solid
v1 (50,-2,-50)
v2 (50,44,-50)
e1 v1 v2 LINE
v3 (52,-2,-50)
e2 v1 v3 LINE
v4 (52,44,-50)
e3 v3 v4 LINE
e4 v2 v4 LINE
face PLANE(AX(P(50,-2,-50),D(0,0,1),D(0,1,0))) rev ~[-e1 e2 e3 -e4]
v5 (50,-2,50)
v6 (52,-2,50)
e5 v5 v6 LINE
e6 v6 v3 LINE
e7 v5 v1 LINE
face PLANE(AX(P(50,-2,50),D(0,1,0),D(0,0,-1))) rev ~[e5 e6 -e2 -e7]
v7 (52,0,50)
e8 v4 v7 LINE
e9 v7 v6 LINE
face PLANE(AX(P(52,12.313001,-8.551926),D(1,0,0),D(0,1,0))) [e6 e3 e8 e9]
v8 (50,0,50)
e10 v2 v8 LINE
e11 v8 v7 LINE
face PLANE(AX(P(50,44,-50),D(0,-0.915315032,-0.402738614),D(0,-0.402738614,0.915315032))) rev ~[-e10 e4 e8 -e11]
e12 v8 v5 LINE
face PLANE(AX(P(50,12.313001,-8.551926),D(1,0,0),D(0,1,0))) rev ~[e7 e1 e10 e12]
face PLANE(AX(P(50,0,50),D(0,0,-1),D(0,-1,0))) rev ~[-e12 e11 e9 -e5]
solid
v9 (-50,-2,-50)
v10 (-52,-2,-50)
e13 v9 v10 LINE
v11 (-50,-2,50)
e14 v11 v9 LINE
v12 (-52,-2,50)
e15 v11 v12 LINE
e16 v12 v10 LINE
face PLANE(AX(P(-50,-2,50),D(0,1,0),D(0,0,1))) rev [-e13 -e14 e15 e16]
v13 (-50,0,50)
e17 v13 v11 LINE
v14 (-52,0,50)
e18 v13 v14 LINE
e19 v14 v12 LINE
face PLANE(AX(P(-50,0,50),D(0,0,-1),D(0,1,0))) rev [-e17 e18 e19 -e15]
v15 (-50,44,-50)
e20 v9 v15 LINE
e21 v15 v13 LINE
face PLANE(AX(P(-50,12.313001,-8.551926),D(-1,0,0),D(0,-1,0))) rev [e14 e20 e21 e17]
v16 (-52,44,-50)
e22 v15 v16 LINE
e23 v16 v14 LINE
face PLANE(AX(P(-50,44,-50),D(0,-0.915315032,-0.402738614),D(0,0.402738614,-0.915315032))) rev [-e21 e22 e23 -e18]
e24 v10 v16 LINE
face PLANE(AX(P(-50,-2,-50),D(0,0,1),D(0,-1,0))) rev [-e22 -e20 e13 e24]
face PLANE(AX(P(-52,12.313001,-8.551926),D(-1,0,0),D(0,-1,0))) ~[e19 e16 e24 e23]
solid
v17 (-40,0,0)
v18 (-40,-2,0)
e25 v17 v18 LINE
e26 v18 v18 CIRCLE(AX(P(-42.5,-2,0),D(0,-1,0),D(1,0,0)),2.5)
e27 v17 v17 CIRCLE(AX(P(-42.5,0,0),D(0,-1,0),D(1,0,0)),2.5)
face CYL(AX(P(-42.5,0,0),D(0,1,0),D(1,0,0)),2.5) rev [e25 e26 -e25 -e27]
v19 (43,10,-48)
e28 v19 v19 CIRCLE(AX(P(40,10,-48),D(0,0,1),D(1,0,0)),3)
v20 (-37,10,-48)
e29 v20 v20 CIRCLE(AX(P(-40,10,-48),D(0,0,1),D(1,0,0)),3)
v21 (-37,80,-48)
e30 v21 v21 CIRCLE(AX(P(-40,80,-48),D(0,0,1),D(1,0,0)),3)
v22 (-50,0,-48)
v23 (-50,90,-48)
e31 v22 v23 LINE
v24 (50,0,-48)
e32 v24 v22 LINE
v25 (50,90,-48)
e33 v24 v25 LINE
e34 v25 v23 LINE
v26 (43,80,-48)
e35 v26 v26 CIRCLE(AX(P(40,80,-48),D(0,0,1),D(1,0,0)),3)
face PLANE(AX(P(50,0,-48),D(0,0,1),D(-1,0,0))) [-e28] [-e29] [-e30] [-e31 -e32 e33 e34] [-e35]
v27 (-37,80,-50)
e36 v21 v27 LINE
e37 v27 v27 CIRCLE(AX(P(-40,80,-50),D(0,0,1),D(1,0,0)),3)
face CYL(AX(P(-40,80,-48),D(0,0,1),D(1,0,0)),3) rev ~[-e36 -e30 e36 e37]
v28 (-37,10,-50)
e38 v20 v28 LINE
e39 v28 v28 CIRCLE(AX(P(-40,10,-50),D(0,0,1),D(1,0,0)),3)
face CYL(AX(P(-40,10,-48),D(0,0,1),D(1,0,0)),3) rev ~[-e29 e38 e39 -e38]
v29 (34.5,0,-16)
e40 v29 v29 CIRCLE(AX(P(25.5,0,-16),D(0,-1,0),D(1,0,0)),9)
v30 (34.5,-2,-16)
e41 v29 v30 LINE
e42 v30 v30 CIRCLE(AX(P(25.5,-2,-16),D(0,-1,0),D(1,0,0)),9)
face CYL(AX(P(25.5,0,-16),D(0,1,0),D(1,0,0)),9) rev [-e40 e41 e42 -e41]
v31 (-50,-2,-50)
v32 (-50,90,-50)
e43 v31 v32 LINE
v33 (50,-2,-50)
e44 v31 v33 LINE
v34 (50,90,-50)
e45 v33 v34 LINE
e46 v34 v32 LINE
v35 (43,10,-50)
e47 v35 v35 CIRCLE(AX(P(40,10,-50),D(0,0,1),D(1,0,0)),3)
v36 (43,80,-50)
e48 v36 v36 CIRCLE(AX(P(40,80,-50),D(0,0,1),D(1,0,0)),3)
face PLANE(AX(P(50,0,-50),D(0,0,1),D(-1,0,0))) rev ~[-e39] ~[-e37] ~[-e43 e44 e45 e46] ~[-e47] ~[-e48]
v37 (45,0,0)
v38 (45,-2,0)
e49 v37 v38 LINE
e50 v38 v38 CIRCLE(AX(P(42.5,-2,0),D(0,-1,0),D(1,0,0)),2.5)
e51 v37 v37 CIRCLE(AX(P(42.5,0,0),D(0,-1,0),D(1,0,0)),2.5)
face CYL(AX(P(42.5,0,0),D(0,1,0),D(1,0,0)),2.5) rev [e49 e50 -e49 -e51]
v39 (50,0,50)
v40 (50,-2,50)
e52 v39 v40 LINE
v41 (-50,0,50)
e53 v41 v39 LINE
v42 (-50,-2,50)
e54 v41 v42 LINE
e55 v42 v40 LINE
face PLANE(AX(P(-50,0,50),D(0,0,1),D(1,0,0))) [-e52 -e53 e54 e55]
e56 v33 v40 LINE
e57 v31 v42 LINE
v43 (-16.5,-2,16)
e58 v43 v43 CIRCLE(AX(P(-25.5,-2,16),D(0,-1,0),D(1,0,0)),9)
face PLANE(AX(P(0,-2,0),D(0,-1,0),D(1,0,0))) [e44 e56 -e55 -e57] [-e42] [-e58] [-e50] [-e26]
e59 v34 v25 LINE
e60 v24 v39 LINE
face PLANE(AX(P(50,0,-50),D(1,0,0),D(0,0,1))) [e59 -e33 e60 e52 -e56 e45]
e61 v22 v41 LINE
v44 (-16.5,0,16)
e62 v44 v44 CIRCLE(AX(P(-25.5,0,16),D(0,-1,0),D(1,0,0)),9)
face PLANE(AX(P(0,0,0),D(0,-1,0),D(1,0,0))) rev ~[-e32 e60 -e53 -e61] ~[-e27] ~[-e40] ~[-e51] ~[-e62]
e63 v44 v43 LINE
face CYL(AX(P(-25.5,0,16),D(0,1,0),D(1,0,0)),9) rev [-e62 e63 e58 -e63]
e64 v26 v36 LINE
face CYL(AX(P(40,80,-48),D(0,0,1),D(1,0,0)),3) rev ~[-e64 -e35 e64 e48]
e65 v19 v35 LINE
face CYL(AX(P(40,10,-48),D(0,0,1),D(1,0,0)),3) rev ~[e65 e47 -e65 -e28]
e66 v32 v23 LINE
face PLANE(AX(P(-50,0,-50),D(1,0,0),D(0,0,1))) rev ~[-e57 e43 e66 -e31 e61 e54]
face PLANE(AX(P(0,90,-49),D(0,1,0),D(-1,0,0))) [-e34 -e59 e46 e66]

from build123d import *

# Parameters (mm, degrees)
F0_W     = 100
F0_H     = 100
F0_R     = 9
F0_R_2   = 2.5
F1_DEPTH = 2
F2_W     = 100
F2_H     = 2
F3_DEPTH = 90
F4_R     = 3
F5_DEPTH = 25
F7_DEPTH = 2


with BuildPart() as f1:
    # F0 (on Front) → F1 (new body)
    with BuildSketch(Plane.XZ):
        Rectangle(F0_W, F0_H)
        with Locations((25.5, -16)):
            Circle(F0_R, mode=Mode.SUBTRACT)
        with Locations((-42.5, 0)):
            Circle(F0_R_2, mode=Mode.SUBTRACT)
        with Locations((-25.5, 16)):
            Circle(F0_R, mode=Mode.SUBTRACT)
        with Locations((42.5, 0)):
            Circle(F0_R_2, mode=Mode.SUBTRACT)
    extrude(amount=F1_DEPTH)

    # F2 (on face) → F3 (join)
    with BuildSketch(Plane(origin=(0, 0, 0), x_dir=(-1, 0, 0), z_dir=(0, 1, 0))):
        with Locations((0, -49)):
            Rectangle(F2_W, F2_H)
    extrude(amount=F3_DEPTH)

    # F4 (on face) → F5 (cut)
    with BuildSketch(Plane.XY.offset(-48)):
        with Locations((-40, 80)):
            Circle(F4_R)
        with Locations((40, 80)):
            Circle(F4_R)
        with Locations((-40, 10)):
            Circle(F4_R)
        with Locations((40, 10)):
            Circle(F4_R)
    extrude(amount=-F5_DEPTH, mode=Mode.SUBTRACT)


with BuildPart() as f7:
    # F6 (on face) → F7 (new body)
    with BuildSketch(Plane.YZ.offset(50)):
        Polygon((0, 50), (-2, 50), (-2, -50), (44, -50), align=None)
    extrude(amount=F7_DEPTH)


with BuildPart() as f8_1:
    # F8: instance of F7
    add(f7.part.mirror(Plane.YZ))


solid = Compound([f1.part, f7.part, f8_1.part])
